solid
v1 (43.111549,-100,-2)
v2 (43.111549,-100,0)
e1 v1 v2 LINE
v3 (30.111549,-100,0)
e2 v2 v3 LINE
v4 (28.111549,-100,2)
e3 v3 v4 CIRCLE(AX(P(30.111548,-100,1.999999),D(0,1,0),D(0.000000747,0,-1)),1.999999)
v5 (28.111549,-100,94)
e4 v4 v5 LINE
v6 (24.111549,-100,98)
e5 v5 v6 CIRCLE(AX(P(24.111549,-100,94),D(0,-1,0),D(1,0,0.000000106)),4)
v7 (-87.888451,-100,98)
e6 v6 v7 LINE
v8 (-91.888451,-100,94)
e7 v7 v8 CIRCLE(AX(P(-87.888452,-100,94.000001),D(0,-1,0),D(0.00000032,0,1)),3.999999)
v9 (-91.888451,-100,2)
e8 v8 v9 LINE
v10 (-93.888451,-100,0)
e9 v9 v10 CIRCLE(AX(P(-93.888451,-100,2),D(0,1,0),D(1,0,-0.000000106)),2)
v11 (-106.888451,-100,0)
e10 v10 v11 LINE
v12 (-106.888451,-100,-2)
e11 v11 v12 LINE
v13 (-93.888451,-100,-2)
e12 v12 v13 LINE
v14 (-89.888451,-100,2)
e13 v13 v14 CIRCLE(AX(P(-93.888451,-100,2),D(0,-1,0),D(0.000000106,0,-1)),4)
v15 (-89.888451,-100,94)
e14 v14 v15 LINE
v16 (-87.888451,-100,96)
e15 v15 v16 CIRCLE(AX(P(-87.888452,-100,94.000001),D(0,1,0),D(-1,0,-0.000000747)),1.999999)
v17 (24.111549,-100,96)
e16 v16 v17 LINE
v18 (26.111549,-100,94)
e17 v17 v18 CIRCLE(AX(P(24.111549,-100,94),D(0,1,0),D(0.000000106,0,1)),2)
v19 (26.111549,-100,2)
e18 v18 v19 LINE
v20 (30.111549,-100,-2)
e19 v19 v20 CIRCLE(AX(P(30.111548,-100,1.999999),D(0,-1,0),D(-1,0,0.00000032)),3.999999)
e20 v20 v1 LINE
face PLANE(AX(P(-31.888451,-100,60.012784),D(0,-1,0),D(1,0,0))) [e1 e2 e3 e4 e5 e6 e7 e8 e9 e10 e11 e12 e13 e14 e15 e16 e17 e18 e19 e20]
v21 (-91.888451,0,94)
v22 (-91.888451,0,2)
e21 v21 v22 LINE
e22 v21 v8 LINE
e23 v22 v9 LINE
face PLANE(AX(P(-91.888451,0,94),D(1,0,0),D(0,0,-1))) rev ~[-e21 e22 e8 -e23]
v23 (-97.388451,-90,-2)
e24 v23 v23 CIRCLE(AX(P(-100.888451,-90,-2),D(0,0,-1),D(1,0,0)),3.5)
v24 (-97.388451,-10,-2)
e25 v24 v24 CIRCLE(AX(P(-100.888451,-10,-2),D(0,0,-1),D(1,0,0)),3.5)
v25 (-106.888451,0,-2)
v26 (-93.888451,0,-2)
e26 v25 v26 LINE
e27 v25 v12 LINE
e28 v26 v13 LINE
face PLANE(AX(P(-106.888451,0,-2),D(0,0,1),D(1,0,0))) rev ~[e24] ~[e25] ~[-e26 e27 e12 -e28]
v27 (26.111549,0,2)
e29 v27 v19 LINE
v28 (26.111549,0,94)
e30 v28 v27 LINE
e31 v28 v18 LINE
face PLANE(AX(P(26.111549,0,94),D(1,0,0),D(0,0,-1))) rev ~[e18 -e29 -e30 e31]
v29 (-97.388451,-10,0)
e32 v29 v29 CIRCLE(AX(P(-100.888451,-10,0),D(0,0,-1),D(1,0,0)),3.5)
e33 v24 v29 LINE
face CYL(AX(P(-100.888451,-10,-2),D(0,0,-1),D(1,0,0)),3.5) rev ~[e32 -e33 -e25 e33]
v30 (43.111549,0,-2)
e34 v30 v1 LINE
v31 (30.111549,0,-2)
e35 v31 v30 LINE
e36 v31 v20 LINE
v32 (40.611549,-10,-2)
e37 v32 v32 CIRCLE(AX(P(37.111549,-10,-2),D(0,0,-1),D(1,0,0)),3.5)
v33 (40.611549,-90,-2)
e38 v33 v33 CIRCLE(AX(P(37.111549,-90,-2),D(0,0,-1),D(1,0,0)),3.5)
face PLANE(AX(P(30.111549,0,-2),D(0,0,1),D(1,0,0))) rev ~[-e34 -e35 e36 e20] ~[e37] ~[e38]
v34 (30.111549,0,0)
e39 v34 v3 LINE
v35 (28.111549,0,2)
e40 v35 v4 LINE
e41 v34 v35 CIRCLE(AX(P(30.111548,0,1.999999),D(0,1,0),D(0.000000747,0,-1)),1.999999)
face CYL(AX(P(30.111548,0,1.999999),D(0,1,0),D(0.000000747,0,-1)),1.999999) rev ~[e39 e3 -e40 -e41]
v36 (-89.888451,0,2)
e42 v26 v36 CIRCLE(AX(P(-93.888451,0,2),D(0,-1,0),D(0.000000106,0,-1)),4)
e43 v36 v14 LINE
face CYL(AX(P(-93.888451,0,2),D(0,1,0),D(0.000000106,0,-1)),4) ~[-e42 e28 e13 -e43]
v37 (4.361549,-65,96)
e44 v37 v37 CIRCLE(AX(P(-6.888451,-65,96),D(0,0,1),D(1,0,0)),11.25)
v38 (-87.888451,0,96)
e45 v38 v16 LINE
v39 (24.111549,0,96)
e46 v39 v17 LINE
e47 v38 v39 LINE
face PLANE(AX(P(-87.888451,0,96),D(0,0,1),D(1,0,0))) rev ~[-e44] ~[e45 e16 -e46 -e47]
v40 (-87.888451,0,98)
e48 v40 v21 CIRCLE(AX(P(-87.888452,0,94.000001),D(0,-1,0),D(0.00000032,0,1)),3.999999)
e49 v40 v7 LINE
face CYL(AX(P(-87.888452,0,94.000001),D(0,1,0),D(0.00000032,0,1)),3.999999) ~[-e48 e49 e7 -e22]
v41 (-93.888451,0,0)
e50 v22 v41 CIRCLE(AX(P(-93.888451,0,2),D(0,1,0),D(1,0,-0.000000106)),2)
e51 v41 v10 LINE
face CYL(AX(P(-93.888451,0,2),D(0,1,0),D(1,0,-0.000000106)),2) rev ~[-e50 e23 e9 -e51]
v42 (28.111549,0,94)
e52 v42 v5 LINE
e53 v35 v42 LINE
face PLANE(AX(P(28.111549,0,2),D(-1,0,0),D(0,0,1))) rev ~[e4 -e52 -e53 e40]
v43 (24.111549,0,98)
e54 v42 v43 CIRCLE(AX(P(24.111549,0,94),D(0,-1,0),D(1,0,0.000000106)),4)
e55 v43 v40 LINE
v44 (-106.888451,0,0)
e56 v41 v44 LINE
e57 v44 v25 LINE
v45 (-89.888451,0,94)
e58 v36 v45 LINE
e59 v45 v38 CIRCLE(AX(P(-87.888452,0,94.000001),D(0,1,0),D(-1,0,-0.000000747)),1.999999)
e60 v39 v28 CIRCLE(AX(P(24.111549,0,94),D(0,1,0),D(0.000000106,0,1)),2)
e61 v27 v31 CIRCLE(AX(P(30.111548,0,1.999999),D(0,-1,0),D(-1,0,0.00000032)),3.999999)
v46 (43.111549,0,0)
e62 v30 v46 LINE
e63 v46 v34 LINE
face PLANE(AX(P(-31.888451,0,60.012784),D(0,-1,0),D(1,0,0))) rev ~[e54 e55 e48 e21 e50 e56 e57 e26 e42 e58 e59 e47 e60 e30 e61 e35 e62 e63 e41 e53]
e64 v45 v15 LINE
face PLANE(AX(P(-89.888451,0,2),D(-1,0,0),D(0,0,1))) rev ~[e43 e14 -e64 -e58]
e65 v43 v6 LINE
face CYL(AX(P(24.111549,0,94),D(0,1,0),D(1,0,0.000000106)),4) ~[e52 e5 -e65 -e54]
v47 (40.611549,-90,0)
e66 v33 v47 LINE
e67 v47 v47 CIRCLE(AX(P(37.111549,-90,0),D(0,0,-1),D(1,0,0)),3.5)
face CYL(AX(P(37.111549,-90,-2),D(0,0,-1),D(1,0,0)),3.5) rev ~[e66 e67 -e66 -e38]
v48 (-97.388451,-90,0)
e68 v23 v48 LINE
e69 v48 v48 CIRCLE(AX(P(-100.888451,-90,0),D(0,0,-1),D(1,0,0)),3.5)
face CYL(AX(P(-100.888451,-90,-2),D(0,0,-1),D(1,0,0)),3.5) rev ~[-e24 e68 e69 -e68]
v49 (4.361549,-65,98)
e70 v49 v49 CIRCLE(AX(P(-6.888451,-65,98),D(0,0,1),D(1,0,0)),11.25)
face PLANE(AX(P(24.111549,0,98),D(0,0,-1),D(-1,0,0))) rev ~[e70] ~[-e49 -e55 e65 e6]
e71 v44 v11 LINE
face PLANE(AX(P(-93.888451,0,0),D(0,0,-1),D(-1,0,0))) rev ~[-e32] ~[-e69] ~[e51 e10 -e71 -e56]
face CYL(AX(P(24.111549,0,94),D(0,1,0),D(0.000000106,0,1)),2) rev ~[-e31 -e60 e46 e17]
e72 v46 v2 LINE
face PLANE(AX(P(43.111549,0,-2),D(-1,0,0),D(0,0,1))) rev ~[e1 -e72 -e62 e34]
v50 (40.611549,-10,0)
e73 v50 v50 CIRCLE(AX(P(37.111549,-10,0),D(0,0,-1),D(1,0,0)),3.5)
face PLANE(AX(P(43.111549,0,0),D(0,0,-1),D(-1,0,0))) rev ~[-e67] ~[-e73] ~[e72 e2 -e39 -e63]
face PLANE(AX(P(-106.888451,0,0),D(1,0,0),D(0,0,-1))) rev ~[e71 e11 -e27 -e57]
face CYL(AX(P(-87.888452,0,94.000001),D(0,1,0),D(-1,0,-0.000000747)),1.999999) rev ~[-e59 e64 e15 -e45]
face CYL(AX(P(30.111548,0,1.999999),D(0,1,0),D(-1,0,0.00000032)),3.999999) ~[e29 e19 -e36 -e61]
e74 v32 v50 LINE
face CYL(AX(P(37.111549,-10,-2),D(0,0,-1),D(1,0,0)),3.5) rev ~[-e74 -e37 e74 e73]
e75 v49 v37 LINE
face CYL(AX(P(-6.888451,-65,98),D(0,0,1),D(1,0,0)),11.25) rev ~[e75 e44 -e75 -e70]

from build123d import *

# Parameters (mm, degrees)
F1_DEPTH = 100
F2_R     = 11.25
F3_DEPTH = 25
F4_R     = 3.5
F5_DEPTH = 25


with BuildPart() as f1:
    # F0 (on Front) → F1 (new body)
    with BuildSketch(Plane.XZ):
        with BuildLine():
            Line((-93.888451, 0), (-106.888451, 0))
            Line((-106.888451, 0), (-106.888451, -2))
            Line((-106.888451, -2), (-93.888451, -2))
            ThreePointArc((-93.888451, -2), (-91.060024, -0.828427), (-89.888451, 2))
            Line((-89.888451, 2), (-89.888451, 94))
            ThreePointArc((-89.888451, 94), (-89.302665, 95.414214), (-87.888451, 96))
            Line((-87.888451, 96), (24.111549, 96))
            ThreePointArc((24.111549, 96), (25.525762, 95.414214), (26.111549, 94))
            Line((26.111549, 94), (26.111549, 2))
            ThreePointArc((26.111549, 2), (27.283121, -0.828427), (30.111549, -2))
            Line((30.111549, -2), (43.111549, -2))
            Line((43.111549, -2), (43.111549, 0))
            Line((43.111549, 0), (30.111549, 0))
            ThreePointArc((30.111549, 0), (28.697335, 0.585786), (28.111549, 2))
            Line((28.111549, 2), (28.111549, 94))
            ThreePointArc((28.111549, 94), (26.939976, 96.828427), (24.111549, 98))
            Line((24.111549, 98), (-87.888451, 98))
            ThreePointArc((-87.888451, 98), (-90.716879, 96.828427), (-91.888451, 94))
            Line((-91.888451, 94), (-91.888451, 2))
            ThreePointArc((-91.888451, 2), (-92.474238, 0.585786), (-93.888451, 0))
        make_face()
    extrude(amount=F1_DEPTH)

    # F2 (on face) → F3 (cut)
    with BuildSketch(Plane.XY.offset(98)):
        with Locations((-6.888451, -65)):
            Circle(F2_R)
    extrude(amount=-F3_DEPTH, mode=Mode.SUBTRACT)

    # F4 (on face) → F5 (cut)
    with BuildSketch(Plane(origin=(0, 0, -2), x_dir=(1, 0, 0), z_dir=(0, 0, -1))):
        with Locations((37.111549, 90)):
            Circle(F4_R)
        with Locations((37.111549, 10)):
            Circle(F4_R)
        with Locations((-100.888451, 10)):
            Circle(F4_R)
        with Locations((-100.888451, 90)):
            Circle(F4_R)
    extrude(amount=-F5_DEPTH, mode=Mode.SUBTRACT)


solid = f1.part
